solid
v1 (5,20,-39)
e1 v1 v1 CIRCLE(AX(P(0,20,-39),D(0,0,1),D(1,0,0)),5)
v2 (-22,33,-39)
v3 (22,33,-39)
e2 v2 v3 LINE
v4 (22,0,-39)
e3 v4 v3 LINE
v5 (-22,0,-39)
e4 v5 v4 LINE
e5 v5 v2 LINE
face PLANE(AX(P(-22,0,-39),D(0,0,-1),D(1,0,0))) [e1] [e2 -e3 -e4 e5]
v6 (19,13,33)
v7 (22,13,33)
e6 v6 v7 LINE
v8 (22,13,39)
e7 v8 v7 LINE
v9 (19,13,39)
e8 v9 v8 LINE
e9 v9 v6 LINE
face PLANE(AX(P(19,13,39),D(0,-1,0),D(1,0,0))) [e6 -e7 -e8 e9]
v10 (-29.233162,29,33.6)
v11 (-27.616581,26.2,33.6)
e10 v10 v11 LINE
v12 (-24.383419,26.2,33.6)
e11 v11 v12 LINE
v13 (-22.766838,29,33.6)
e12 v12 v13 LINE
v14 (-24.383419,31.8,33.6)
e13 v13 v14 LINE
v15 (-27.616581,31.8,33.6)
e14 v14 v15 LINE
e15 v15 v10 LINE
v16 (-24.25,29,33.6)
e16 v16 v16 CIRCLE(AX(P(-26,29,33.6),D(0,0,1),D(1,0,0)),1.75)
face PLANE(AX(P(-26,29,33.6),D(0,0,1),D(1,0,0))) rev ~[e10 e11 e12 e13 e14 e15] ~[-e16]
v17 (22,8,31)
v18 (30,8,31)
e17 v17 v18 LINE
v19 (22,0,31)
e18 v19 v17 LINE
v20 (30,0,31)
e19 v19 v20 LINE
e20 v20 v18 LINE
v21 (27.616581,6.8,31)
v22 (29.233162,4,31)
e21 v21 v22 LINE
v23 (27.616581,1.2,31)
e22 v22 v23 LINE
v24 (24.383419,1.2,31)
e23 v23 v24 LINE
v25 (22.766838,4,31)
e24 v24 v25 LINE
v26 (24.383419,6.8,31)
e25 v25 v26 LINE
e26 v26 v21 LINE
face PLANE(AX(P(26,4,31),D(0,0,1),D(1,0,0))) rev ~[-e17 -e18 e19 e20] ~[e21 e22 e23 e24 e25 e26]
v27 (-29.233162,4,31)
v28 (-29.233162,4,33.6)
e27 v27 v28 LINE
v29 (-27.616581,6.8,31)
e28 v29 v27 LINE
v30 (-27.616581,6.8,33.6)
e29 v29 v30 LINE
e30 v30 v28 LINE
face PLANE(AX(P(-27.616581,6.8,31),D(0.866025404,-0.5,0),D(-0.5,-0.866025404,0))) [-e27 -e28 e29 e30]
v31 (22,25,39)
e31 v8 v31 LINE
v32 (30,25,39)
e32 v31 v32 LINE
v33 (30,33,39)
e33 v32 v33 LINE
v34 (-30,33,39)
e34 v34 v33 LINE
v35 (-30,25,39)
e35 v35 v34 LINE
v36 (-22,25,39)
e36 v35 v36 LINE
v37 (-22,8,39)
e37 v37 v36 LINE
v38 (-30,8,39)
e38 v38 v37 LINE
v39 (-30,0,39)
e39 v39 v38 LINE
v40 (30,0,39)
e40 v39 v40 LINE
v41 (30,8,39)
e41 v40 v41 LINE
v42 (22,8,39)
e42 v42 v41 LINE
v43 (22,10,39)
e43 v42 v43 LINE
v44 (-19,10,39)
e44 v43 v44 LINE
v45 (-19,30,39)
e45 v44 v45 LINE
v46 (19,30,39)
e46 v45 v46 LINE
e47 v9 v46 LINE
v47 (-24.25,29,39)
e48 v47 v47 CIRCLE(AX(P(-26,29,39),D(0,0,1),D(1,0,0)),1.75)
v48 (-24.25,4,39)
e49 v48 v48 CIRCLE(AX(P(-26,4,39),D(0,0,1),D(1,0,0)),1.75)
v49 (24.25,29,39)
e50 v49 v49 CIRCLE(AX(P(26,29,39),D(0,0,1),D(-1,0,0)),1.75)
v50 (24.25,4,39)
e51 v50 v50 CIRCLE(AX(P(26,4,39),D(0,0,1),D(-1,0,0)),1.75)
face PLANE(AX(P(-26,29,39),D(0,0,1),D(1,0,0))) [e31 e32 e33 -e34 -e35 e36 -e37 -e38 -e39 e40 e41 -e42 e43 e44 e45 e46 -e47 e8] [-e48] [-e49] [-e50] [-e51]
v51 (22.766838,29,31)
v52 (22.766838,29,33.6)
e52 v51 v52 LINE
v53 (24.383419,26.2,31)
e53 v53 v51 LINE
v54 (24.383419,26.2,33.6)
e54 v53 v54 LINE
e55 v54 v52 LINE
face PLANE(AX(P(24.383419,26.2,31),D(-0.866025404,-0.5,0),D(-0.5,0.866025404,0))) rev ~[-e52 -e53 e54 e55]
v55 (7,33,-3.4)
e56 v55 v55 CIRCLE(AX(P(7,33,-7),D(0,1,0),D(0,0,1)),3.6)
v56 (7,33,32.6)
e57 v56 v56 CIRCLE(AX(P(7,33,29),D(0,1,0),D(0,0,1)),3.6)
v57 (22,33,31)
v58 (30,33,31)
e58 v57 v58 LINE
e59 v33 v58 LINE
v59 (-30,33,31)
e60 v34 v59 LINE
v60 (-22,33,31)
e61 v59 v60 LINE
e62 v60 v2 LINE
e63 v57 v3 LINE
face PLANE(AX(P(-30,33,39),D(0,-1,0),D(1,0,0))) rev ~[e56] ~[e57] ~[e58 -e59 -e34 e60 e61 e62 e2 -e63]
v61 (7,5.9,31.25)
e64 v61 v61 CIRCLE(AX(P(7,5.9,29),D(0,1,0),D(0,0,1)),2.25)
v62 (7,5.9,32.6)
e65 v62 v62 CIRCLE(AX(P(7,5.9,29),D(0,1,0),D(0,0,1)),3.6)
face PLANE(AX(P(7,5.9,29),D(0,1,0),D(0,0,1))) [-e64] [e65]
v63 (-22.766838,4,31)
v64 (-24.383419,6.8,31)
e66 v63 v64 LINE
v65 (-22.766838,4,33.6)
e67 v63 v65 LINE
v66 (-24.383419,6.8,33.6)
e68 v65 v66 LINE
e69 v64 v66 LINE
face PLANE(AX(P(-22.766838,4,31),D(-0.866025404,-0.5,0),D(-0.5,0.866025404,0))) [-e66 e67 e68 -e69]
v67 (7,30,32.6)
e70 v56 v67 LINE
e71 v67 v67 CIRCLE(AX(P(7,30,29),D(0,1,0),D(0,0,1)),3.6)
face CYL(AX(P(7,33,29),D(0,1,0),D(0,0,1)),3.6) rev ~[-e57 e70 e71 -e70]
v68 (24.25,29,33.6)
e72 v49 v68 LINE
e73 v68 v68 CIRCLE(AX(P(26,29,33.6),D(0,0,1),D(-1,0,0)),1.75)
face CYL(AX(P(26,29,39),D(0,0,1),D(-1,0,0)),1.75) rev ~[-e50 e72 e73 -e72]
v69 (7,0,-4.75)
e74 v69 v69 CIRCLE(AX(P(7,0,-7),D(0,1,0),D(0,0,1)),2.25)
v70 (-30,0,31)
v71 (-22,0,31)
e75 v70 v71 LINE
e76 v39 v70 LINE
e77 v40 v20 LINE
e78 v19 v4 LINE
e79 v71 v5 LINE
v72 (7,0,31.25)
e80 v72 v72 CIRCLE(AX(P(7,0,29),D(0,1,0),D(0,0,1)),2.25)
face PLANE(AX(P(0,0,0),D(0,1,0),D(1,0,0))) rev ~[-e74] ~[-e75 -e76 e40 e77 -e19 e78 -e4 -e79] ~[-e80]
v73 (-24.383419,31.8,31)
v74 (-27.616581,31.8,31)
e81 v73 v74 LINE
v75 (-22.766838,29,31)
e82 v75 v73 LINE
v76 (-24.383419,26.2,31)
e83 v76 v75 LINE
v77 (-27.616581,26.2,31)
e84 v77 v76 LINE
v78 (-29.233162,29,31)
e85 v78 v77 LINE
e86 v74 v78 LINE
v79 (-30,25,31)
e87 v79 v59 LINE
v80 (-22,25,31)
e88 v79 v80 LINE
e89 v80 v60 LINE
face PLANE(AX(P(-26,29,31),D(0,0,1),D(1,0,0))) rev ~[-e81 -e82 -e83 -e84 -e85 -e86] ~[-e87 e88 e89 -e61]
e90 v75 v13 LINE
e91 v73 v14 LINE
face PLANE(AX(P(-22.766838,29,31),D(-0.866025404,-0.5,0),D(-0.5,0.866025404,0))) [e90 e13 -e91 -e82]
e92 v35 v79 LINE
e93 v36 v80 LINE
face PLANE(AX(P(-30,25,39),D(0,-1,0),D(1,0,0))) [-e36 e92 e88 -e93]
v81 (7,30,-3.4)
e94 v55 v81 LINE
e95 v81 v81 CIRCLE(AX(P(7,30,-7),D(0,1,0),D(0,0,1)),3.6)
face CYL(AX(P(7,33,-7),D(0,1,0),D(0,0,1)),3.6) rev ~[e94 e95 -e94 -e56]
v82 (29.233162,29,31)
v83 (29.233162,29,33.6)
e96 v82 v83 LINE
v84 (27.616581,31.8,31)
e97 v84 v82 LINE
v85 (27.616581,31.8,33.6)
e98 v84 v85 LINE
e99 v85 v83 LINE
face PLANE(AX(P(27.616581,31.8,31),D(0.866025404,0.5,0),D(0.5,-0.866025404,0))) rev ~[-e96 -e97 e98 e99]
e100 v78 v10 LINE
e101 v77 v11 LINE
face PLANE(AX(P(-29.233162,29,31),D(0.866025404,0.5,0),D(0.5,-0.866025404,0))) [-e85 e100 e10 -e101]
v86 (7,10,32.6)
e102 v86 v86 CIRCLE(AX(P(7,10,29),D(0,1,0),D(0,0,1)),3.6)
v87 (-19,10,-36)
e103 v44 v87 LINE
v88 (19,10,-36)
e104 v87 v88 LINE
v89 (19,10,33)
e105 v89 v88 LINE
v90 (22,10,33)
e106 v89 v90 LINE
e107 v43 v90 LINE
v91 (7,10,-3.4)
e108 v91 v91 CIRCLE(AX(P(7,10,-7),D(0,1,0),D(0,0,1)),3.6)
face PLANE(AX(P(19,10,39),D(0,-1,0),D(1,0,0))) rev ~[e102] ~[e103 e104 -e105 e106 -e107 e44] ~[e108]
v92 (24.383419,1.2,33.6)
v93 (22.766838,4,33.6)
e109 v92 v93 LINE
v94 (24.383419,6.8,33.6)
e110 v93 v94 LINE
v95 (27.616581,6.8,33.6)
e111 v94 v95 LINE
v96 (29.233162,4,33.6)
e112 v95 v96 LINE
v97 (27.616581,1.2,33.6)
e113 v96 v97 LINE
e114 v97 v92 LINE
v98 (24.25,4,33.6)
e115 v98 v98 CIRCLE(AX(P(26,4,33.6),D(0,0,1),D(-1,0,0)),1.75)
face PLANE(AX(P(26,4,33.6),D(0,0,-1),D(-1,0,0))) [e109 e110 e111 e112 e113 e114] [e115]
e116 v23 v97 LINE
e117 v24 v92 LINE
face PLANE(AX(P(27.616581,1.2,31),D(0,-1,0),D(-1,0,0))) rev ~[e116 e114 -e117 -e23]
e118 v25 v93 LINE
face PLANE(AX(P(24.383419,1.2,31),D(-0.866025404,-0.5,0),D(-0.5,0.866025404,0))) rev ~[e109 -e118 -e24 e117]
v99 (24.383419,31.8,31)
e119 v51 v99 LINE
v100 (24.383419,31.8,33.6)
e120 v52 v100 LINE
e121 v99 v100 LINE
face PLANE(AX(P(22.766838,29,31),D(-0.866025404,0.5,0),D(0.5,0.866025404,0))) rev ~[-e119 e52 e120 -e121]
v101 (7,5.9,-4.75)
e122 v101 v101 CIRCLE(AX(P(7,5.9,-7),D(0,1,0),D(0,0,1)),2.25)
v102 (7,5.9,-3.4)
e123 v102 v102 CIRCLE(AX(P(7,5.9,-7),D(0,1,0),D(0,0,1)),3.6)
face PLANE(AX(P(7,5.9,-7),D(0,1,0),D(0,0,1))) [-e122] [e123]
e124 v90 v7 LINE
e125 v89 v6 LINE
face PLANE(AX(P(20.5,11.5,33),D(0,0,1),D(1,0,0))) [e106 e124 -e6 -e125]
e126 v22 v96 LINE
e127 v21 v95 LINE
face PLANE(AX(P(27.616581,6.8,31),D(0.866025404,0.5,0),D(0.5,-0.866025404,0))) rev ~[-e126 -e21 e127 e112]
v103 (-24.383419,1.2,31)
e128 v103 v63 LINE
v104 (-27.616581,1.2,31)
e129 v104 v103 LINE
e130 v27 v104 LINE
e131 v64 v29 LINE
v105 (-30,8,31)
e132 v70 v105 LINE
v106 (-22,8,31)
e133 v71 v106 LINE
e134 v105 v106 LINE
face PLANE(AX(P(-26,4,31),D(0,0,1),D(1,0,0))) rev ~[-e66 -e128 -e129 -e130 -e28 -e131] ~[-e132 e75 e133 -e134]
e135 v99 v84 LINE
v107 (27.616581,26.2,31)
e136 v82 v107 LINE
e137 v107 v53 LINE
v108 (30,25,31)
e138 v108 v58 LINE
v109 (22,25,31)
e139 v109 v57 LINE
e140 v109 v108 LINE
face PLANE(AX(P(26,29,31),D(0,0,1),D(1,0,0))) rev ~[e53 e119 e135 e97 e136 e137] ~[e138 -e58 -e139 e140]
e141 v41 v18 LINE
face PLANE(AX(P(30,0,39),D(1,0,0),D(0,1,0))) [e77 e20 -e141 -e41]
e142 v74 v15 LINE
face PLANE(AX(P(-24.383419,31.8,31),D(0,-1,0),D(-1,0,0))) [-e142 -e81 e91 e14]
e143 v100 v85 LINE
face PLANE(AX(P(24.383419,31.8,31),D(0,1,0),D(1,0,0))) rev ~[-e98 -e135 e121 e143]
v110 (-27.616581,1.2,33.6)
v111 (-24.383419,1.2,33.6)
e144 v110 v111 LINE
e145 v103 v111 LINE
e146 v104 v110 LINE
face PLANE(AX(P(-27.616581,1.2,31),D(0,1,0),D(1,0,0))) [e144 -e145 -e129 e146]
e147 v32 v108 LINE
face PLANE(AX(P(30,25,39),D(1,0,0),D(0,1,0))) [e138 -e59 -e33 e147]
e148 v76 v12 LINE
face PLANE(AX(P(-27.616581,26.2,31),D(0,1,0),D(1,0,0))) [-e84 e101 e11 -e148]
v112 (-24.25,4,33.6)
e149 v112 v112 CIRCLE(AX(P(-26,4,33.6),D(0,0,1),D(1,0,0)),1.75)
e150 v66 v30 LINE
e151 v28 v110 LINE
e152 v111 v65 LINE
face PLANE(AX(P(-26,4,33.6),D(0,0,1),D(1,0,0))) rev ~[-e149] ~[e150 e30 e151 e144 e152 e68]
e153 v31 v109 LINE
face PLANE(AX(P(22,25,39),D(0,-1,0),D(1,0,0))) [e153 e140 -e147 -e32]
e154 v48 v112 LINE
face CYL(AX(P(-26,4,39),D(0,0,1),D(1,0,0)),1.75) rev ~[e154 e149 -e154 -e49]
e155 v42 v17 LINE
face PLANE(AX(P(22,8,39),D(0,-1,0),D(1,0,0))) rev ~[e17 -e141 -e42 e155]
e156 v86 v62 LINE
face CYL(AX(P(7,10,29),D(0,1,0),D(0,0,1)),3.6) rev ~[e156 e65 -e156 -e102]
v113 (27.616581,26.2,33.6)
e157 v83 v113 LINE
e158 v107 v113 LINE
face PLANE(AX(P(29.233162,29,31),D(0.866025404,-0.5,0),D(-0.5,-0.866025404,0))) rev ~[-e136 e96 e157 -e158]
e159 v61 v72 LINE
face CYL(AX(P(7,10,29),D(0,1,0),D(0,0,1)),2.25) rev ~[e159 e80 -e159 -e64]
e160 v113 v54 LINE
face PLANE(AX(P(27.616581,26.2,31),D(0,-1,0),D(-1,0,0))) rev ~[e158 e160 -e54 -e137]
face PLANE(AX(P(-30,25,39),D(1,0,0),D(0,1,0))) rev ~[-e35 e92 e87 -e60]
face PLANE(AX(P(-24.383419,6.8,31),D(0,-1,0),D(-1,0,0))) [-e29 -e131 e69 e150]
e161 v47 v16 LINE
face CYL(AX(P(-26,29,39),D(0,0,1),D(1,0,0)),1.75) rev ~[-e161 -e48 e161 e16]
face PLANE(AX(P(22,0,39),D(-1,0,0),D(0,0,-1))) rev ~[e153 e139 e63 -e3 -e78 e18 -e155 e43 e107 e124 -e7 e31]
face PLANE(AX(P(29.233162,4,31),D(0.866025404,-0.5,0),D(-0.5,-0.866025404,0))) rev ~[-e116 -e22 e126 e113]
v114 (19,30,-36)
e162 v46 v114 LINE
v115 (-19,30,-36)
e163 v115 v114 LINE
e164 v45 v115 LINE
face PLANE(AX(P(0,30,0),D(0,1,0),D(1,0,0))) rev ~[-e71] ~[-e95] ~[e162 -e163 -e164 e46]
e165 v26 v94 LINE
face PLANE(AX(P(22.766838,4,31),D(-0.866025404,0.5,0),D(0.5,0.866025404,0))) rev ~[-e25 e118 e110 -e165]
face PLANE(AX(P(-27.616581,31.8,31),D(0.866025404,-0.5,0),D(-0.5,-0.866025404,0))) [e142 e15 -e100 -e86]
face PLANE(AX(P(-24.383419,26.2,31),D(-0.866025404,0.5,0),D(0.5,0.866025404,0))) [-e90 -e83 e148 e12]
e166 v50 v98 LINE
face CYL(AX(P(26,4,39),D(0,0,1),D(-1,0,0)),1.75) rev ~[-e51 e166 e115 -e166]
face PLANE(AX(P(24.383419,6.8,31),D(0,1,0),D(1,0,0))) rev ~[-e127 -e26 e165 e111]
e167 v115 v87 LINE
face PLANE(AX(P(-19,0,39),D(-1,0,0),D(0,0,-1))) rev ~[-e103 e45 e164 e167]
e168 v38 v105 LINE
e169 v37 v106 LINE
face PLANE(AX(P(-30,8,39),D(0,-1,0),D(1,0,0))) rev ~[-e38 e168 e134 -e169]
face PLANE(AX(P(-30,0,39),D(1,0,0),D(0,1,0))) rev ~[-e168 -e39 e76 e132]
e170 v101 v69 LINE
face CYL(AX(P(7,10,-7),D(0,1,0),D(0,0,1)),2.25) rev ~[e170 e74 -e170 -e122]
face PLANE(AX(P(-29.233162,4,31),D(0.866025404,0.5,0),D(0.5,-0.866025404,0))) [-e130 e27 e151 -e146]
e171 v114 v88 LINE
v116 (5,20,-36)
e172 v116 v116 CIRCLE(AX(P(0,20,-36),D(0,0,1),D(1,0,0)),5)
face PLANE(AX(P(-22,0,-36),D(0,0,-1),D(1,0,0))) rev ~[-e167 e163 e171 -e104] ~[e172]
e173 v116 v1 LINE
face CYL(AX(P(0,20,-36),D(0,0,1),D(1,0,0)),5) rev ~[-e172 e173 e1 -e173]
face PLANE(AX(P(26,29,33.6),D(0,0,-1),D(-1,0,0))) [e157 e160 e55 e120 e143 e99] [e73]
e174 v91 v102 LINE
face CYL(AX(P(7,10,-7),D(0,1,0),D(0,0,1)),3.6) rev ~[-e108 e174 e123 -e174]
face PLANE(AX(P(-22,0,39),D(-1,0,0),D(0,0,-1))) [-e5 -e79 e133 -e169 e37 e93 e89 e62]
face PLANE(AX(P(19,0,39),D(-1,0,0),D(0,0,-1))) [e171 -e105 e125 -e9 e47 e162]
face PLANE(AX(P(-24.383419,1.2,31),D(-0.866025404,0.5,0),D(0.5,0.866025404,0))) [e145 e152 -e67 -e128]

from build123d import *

# Parameters (mm, degrees)
SKETCH_1_W                 = 44
SKETCH_1_H                 = 78
EXTRUDE_1_DEPTH            = 33
SHELL_1_T                  = -3
SHELL_1_THICKNESS_2_FACE_W = 75
SHELL_1_THICKNESS_2_FACE_H = 38
SHELL_1_THICKNESS_2_DEPTH  = 7
SKETCH_3_R                 = 3.6
CUT_EXTRUDE_1_DEPTH        = 4.1
CUT_EXTRUDE_2_REACH        = 52.339
SKETCH_4_R                 = 2.25
SKETCH_5_W                 = 3
SKETCH_5_H                 = 3
CUT_EXTRUDE_3_DEPTH        = 6
SKETCH_6_W                 = 8
SKETCH_6_H                 = 8
SKETCH_6_R                 = 1.75
EXTRUDE_2_DEPTH            = 8
CUT_EXTRUDE_4_DEPTH        = 2.6
CUT_EXTRUDE_5_REACH        = 89.258
SKETCH_8_R                 = 5
CUT_EXTRUDE_6_REACH        = 61.245
SKETCH_9_R                 = 3.6


with BuildPart() as part:
    # 草圖1 → 填料-伸長1 (new body)
    with BuildSketch(Plane(origin=(0, 0, 0), x_dir=(1, 0, 0), z_dir=(0, 1, 0))):
        Rectangle(SKETCH_1_W, SKETCH_1_H)
    extrude(amount=EXTRUDE_1_DEPTH)

    # 薄殼1
    shell_1_openings = [part.faces().sort_by_distance(p)[0] for p in [
        (0, 16.5, 39),
    ]]
    offset(amount=SHELL_1_T, openings=shell_1_openings, kind=Kind.INTERSECTION)

    # 薄殼1 thickness 2 face (on inner face of the shell) → 薄殼1 thickness 2 (add)
    with BuildSketch(Plane(origin=(0, 3, 1.5), x_dir=(0, 0, -1), z_dir=(0, -1, 0))):
        Rectangle(SHELL_1_THICKNESS_2_FACE_W, SHELL_1_THICKNESS_2_FACE_H)
    extrude(amount=-SHELL_1_THICKNESS_2_DEPTH)

    # 草圖3 → 除料-伸長1 (cut)
    with BuildSketch(Plane(origin=(0, 10, 0), x_dir=(1, 0, 0), z_dir=(0, 1, 0))):
        with Locations(Location((7, 7, 0), (0, 0, 270))):
            Circle(SKETCH_3_R)
        with Locations(Location((7, -29, 0), (0, 0, 270))):
            Circle(SKETCH_3_R)
    extrude(amount=-CUT_EXTRUDE_1_DEPTH, mode=Mode.SUBTRACT)

    # 草圖4 → 除料-伸長2 (cut, up to next)
    with BuildSketch(Plane(origin=(0, 10, 0), x_dir=(1, 0, 0), z_dir=(0, 1, 0)), mode=Mode.PRIVATE) as cut_extrude_2_sk1:
        with Locations(Location((7, 7, 0), (0, 0, 270))):
            Circle(SKETCH_4_R)
    cut_extrude_2_tool1 = extrude(cut_extrude_2_sk1.sketch, amount=-CUT_EXTRUDE_2_REACH, mode=Mode.PRIVATE) & part.part
    # 草圖4 → 除料-伸長2 (cut, up to next)
    with BuildSketch(Plane(origin=(0, 10, 0), x_dir=(1, 0, 0), z_dir=(0, 1, 0)), mode=Mode.PRIVATE) as cut_extrude_2_sk2:
        with Locations(Location((7, -29, 0), (0, 0, 270))):
            Circle(SKETCH_4_R)
    cut_extrude_2_tool2 = extrude(cut_extrude_2_sk2.sketch, amount=-CUT_EXTRUDE_2_REACH, mode=Mode.PRIVATE) & part.part
    add(cut_extrude_2_tool1.solids().sort_by_distance((7, 10, -7))[0], mode=Mode.SUBTRACT)
    add(cut_extrude_2_tool2.solids().sort_by_distance((7, 10, 29))[0], mode=Mode.SUBTRACT)

    # 草圖5 → 除料-伸長3 (cut)
    with BuildSketch(Plane.XY.offset(39)):
        with Locations((20.5, 11.5)):
            Rectangle(SKETCH_5_W, SKETCH_5_H)
    extrude(amount=-CUT_EXTRUDE_3_DEPTH, mode=Mode.SUBTRACT)

    # 草圖6 → 填料-伸長2 (add)
    with BuildSketch(Plane.XY.offset(39)):
        with Locations((-26, 29)):
            Rectangle(SKETCH_6_W, SKETCH_6_H)
        with Locations((-26, 29)):
            Circle(SKETCH_6_R, mode=Mode.SUBTRACT)
        with Locations((-26, 4)):
            Rectangle(SKETCH_6_W, SKETCH_6_H)
        with Locations((-26, 4)):
            Circle(SKETCH_6_R, mode=Mode.SUBTRACT)
        with Locations((26, 4)):
            Rectangle(SKETCH_6_W, SKETCH_6_H)
        with Locations(Location((26, 4, 0), (0, 0, 180))):
            Circle(SKETCH_6_R, mode=Mode.SUBTRACT)
        with Locations((26, 29)):
            Rectangle(SKETCH_6_W, SKETCH_6_H)
        with Locations(Location((26, 29, 0), (0, 0, 180))):
            Circle(SKETCH_6_R, mode=Mode.SUBTRACT)
    extrude(amount=-EXTRUDE_2_DEPTH)

    # 草圖7 → 除料-伸長4 (cut)
    with BuildSketch(Plane(origin=(0, 0, 31), x_dir=(-1, 0, 0), z_dir=(0, 0, -1))):
        Polygon((27.616580754, 6.8), (29.233161507, 4), (27.616580754, 1.2), (24.383419246, 1.2), (22.766838493, 4), (24.383419246, 6.8), align=None)
        Polygon((-22.766838493, 29), (-24.383419246, 31.8), (-27.616580754, 31.8), (-29.233161507, 29), (-27.616580754, 26.2), (-24.383419246, 26.2), align=None)
        Polygon((-29.233161507, 4), (-27.616580754, 1.2), (-24.383419246, 1.2), (-22.766838493, 4), (-24.383419246, 6.8), (-27.616580754, 6.8), align=None)
        Polygon((24.383419246, 26.2), (22.766838493, 29), (24.383419246, 31.8), (27.616580754, 31.8), (29.233161507, 29), (27.616580754, 26.2), align=None)
    extrude(amount=-CUT_EXTRUDE_4_DEPTH, mode=Mode.SUBTRACT)

    # 草圖8 → 除料-伸長5 (cut, up to next)
    with BuildSketch(Plane.XY.offset(-36), mode=Mode.PRIVATE) as cut_extrude_5_sk1:
        with Locations((0, 20)):
            Circle(SKETCH_8_R)
    cut_extrude_5_tool1 = extrude(cut_extrude_5_sk1.sketch, amount=-CUT_EXTRUDE_5_REACH, mode=Mode.PRIVATE) & part.part
    add(cut_extrude_5_tool1.solids().sort_by_distance((0, 20, -36))[0], mode=Mode.SUBTRACT)

    # 草圖9 → 除料-伸長6 (cut, up to next)
    with BuildSketch(Plane(origin=(0, 33, 0), x_dir=(1, 0, 0), z_dir=(0, 1, 0)), mode=Mode.PRIVATE) as cut_extrude_6_sk1:
        with Locations(Location((7, 7, 0), (0, 0, 270))):
            Circle(SKETCH_9_R)
    cut_extrude_6_tool1 = extrude(cut_extrude_6_sk1.sketch, amount=-CUT_EXTRUDE_6_REACH, mode=Mode.PRIVATE) & part.part
    # 草圖9 → 除料-伸長6 (cut, up to next)
    with BuildSketch(Plane(origin=(0, 33, 0), x_dir=(1, 0, 0), z_dir=(0, 1, 0)), mode=Mode.PRIVATE) as cut_extrude_6_sk2:
        with Locations(Location((7, -29, 0), (0, 0, 270))):
            Circle(SKETCH_9_R)
    cut_extrude_6_tool2 = extrude(cut_extrude_6_sk2.sketch, amount=-CUT_EXTRUDE_6_REACH, mode=Mode.PRIVATE) & part.part
    add(cut_extrude_6_tool1.solids().sort_by_distance((7, 33, -7))[0], mode=Mode.SUBTRACT)
    add(cut_extrude_6_tool2.solids().sort_by_distance((7, 33, 29))[0], mode=Mode.SUBTRACT)


solid = part.part
